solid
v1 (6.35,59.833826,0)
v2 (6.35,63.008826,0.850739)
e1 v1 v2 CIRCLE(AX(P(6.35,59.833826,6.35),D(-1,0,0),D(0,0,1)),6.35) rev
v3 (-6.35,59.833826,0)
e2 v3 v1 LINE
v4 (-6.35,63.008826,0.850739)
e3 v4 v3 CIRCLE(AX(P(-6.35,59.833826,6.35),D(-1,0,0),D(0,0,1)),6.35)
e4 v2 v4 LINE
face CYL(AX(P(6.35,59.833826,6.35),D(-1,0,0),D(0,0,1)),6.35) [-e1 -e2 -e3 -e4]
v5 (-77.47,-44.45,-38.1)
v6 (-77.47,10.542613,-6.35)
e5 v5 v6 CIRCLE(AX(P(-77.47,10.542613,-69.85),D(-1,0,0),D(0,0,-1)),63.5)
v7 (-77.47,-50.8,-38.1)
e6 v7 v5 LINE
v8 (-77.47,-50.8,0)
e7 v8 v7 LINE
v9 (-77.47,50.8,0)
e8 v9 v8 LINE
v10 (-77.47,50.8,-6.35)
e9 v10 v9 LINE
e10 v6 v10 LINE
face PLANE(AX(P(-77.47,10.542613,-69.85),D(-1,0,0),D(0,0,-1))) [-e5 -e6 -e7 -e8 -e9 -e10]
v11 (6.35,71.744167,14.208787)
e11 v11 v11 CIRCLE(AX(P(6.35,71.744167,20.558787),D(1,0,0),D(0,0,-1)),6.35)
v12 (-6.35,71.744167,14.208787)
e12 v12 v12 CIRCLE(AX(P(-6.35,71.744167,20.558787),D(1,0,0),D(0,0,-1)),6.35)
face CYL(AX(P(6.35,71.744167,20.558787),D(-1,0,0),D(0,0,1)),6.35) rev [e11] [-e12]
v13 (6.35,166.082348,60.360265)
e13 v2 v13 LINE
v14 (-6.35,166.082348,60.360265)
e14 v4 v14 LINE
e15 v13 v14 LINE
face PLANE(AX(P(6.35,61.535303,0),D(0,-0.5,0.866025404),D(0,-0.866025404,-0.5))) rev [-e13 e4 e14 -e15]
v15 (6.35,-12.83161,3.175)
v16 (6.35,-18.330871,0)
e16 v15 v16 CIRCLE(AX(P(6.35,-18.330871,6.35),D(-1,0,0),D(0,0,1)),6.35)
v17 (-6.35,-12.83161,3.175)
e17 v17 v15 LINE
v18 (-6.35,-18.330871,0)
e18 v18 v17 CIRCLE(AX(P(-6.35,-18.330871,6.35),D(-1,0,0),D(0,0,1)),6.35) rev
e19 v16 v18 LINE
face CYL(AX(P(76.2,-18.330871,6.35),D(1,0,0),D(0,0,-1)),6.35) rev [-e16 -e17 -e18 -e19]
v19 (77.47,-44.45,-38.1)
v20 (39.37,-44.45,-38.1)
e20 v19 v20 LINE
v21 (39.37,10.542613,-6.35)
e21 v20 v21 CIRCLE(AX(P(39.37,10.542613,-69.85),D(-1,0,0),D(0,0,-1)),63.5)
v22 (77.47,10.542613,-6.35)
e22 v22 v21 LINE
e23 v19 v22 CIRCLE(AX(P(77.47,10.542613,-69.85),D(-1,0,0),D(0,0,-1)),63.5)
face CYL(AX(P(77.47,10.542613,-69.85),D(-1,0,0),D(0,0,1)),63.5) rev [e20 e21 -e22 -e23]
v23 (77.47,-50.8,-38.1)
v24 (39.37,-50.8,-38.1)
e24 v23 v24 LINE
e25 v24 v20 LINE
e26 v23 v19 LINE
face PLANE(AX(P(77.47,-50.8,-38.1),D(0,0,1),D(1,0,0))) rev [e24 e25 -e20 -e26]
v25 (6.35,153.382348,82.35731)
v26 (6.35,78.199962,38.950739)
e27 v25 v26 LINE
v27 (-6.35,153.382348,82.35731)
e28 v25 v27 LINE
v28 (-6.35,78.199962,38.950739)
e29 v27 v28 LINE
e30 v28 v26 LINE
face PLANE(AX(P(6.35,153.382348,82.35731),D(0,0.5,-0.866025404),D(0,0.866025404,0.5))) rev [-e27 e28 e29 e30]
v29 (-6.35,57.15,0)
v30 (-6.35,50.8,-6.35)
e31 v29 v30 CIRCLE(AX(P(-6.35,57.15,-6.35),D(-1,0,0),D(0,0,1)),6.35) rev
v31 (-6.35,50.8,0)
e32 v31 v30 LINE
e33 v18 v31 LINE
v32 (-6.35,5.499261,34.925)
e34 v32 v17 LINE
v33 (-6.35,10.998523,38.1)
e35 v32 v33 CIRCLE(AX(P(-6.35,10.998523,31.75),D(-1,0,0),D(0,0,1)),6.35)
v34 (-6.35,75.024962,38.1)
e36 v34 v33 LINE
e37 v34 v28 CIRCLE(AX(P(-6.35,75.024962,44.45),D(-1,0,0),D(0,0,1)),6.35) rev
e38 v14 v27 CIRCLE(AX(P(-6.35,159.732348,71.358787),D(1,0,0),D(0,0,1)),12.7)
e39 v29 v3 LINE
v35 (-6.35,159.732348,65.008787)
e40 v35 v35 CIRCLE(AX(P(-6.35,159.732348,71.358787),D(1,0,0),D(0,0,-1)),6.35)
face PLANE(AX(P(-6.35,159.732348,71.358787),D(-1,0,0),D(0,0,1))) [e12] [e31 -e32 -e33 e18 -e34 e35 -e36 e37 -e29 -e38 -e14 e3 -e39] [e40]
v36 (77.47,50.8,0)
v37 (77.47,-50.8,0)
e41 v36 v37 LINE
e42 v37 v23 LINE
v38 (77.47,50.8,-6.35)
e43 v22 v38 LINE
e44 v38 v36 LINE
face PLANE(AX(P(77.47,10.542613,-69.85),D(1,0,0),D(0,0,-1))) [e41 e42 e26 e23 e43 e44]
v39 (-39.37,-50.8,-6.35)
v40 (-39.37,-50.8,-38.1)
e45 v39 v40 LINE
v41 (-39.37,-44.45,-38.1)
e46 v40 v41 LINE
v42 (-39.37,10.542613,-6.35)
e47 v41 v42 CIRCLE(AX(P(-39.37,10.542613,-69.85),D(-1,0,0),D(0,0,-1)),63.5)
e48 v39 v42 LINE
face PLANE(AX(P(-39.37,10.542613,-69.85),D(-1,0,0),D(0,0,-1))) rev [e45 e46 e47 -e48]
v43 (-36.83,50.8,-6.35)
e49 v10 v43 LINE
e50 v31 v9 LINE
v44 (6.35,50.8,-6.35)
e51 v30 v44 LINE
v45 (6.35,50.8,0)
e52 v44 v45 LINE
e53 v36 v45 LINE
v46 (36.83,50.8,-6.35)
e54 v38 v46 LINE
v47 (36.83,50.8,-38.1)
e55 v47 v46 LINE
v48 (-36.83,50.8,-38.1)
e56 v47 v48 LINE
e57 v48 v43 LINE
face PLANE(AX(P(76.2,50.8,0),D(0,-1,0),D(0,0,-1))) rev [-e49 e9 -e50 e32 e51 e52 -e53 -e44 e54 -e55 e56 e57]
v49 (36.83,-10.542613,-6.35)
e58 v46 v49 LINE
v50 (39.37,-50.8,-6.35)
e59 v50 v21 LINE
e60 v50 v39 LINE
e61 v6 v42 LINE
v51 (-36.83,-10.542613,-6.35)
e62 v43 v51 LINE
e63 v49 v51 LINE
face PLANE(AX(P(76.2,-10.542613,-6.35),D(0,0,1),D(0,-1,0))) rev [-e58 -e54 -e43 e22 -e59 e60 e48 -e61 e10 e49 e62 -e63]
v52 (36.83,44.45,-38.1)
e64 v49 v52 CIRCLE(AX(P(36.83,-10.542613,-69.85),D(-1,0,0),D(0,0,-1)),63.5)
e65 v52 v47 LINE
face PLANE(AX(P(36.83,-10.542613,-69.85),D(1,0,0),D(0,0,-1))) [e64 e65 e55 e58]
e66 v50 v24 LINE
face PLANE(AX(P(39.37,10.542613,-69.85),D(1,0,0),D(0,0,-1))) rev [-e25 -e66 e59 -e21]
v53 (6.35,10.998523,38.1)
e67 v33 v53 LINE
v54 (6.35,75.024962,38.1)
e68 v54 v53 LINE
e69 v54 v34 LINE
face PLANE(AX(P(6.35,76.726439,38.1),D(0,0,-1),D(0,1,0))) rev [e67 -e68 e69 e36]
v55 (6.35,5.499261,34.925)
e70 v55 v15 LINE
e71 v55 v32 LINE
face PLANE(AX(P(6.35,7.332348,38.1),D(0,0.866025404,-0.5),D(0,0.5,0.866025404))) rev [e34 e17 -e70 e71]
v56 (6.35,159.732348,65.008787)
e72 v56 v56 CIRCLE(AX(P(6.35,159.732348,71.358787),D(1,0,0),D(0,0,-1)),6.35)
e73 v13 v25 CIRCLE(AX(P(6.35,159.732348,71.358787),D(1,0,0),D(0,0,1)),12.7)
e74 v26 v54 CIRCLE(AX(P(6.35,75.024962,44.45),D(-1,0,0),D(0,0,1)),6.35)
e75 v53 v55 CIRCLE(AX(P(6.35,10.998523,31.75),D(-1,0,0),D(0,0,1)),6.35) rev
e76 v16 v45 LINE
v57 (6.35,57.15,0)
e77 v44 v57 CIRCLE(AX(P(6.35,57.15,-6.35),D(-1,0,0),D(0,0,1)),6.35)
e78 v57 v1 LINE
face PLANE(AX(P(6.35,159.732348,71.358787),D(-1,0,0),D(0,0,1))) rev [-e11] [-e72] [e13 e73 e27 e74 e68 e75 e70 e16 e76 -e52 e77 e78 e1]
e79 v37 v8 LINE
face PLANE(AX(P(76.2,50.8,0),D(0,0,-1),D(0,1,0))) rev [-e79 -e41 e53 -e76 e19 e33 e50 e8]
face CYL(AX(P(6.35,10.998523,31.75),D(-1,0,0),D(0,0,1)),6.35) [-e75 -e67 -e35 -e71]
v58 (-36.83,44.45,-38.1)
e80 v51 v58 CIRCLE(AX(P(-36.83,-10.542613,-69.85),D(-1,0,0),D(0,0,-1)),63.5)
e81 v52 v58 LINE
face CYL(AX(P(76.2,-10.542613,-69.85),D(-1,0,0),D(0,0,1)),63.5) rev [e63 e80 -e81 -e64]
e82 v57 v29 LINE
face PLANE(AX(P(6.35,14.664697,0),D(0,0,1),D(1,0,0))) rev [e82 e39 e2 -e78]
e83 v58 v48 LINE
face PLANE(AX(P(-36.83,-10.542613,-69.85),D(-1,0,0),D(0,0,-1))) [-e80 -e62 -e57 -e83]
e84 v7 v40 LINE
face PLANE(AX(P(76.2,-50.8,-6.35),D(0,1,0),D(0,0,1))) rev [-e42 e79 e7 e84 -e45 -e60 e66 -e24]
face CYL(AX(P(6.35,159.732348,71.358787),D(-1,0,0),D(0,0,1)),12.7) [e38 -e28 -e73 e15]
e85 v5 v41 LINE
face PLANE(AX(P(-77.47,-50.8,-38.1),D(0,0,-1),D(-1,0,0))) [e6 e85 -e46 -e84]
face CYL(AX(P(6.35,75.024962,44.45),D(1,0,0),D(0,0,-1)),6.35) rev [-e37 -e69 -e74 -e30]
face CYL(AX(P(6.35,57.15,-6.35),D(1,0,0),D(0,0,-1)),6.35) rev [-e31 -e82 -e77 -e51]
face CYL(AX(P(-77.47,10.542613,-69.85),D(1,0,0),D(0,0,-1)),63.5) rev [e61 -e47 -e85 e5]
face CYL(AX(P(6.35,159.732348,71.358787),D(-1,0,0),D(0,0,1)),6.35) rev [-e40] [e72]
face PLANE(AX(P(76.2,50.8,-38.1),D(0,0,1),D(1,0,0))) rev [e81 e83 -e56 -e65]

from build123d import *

# Parameters (mm, degrees)
BOSS_EXTRUDE1_DEPTH = 76.2
CUT_EXTRUDE1_START  = 38.1
CUT_EXTRUDE1_DEPTH  = 38.1
BOSS_EXTRUDE5_DEPTH = 38.1
SKETCH5_R           = 6.35
BOSS_EXTRUDE6_DEPTH = 6.35
FILLET1_R           = 6.35
CUT_EXTRUDE3_DEPTH  = 2.54


with BuildPart() as part:
    # Sketch1 → Boss-Extrude1 (new, symmetric)
    with BuildSketch(Plane(origin=(0, 0, 0), x_dir=(0, 0, -1), z_dir=(1, 0, 0))):
        with BuildLine():
            Line((0, 50.8), (38.1, 50.8))
            Line((38.1, 50.8), (38.1, 44.45))
            ThreePointArc((38.1, 44.45), (14.85738686, 21.20738686), (6.35, -10.54261314))
            Line((6.35, -10.54261314), (6.35, -50.8))
            Line((6.35, -50.8), (0, -50.8))
            Line((0, -50.8), (0, 50.8))
        make_face()
    extrude(amount=BOSS_EXTRUDE1_DEPTH, both=True)

    # Sketch6 → Cut-Extrude1 (cut)
    with BuildSketch(Plane(origin=(39.37, 0, 0), x_dir=(0, 0, -1), z_dir=(1, 0, 0)).offset(CUT_EXTRUDE1_START)):
        with BuildLine():
            Line((0, -50.8), (6.35, -50.8))
            Line((6.35, -50.8), (6.35, -10.54261314))
            ThreePointArc((6.35, -10.54261314), (14.85738686, 21.20738686), (38.1, 44.45))
            Line((38.1, 44.45), (38.1, 50.8))
            Line((38.1, 50.8), (0, 50.8))
            Line((0, 50.8), (0, -50.8))
        make_face()
    cut_extrude1 = extrude(amount=-CUT_EXTRUDE1_DEPTH, mode=Mode.SUBTRACT)

    # Mirror1: Cut-Extrude1 across plane
    add(cut_extrude1.mirror(Plane(origin=(0, 0, 0), x_dir=(0, 0, 1), z_dir=(1, 0, 0))), mode=Mode.SUBTRACT)

    # Sketch7 → Boss-Extrude5 (add)
    with BuildSketch(Plane(origin=(39.37, 0, 0), x_dir=(0, 0, -1), z_dir=(1, 0, 0))):
        with BuildLine():
            Line((0, 50.8), (0, -50.8))
            Line((0, -50.8), (38.1, -50.8))
            Line((38.1, -50.8), (38.1, -44.45))
            ThreePointArc((38.1, -44.45), (14.85738686, -21.20738686), (6.35, 10.54261314))
            Line((6.35, 10.54261314), (6.35, 50.8))
            Line((6.35, 50.8), (0, 50.8))
        make_face()
    boss_extrude5 = extrude(amount=BOSS_EXTRUDE5_DEPTH)

    # Mirror2: Boss-Extrude5 across plane
    add(boss_extrude5.mirror(Plane(origin=(0, 0, 0), x_dir=(0, 0, 1), z_dir=(1, 0, 0))))

    # Sketch5 → Boss-Extrude6 (add, symmetric)
    with BuildSketch(Plane(origin=(0, 0, 0), x_dir=(0, 0, -1), z_dir=(1, 0, 0))):
        with BuildLine():
            Line((-82.357309978, 153.382348419), (-38.1, 76.726438931))
            Line((-38.1, 76.726438931), (-38.1, 7.332348419))
            Line((-38.1, 7.332348419), (0, -14.664696837))
            Line((0, -14.664696837), (0, 14.664696837))
            Line((0, 14.664696837), (0, 61.535303163))
            Line((0, 61.535303163), (-60.360264722, 166.082348419))
            ThreePointArc((-60.360264722, 166.082348419), (-77.70878735, 170.730871047), (-82.357309978, 153.382348419))
        make_face()
        with Locations((-71.35878735, 159.732348419)):
            Circle(SKETCH5_R, mode=Mode.SUBTRACT)
        with Locations((-20.55878735, 71.744167394)):
            Circle(SKETCH5_R, mode=Mode.SUBTRACT)
    extrude(amount=BOSS_EXTRUDE6_DEPTH, both=True)

    # Fillet1
    fillet1_edges = [part.edges().sort_by_distance(p)[0] for p in [
        (0, 50.8, 0),
        (0, 61.535303163, 0),
        (0, -14.664696837, 0),
        (0, 7.332348419, 38.1),
        (0, 76.726438931, 38.1),
    ]]
    fillet(fillet1_edges, radius=FILLET1_R)

    # Sketch9 → Cut-Extrude3 (cut)
    with BuildSketch(Plane(origin=(39.37, 0, 0), x_dir=(0, 0, -1), z_dir=(1, 0, 0))):
        with BuildLine():
            Line((38.1, 50.8), (6.35, 50.8))
            Line((6.35, 50.8), (6.35, -10.54261314))
            ThreePointArc((6.35, -10.54261314), (6.570705119, -5.252921341), (7.231286278, 0))
            ThreePointArc((7.231286278, 0), (17.693368999, 25.678041777), (38.1, 44.45))
            Line((38.1, 44.45), (38.1, 50.8))
        make_face()
    cut_extrude3 = extrude(amount=-CUT_EXTRUDE3_DEPTH, mode=Mode.SUBTRACT)

    # Mirror5: Cut-Extrude3 across plane
    add(cut_extrude3.mirror(Plane(origin=(0, 0, 0), x_dir=(0, 0, 1), z_dir=(1, 0, 0))), mode=Mode.SUBTRACT)


solid = part.part
